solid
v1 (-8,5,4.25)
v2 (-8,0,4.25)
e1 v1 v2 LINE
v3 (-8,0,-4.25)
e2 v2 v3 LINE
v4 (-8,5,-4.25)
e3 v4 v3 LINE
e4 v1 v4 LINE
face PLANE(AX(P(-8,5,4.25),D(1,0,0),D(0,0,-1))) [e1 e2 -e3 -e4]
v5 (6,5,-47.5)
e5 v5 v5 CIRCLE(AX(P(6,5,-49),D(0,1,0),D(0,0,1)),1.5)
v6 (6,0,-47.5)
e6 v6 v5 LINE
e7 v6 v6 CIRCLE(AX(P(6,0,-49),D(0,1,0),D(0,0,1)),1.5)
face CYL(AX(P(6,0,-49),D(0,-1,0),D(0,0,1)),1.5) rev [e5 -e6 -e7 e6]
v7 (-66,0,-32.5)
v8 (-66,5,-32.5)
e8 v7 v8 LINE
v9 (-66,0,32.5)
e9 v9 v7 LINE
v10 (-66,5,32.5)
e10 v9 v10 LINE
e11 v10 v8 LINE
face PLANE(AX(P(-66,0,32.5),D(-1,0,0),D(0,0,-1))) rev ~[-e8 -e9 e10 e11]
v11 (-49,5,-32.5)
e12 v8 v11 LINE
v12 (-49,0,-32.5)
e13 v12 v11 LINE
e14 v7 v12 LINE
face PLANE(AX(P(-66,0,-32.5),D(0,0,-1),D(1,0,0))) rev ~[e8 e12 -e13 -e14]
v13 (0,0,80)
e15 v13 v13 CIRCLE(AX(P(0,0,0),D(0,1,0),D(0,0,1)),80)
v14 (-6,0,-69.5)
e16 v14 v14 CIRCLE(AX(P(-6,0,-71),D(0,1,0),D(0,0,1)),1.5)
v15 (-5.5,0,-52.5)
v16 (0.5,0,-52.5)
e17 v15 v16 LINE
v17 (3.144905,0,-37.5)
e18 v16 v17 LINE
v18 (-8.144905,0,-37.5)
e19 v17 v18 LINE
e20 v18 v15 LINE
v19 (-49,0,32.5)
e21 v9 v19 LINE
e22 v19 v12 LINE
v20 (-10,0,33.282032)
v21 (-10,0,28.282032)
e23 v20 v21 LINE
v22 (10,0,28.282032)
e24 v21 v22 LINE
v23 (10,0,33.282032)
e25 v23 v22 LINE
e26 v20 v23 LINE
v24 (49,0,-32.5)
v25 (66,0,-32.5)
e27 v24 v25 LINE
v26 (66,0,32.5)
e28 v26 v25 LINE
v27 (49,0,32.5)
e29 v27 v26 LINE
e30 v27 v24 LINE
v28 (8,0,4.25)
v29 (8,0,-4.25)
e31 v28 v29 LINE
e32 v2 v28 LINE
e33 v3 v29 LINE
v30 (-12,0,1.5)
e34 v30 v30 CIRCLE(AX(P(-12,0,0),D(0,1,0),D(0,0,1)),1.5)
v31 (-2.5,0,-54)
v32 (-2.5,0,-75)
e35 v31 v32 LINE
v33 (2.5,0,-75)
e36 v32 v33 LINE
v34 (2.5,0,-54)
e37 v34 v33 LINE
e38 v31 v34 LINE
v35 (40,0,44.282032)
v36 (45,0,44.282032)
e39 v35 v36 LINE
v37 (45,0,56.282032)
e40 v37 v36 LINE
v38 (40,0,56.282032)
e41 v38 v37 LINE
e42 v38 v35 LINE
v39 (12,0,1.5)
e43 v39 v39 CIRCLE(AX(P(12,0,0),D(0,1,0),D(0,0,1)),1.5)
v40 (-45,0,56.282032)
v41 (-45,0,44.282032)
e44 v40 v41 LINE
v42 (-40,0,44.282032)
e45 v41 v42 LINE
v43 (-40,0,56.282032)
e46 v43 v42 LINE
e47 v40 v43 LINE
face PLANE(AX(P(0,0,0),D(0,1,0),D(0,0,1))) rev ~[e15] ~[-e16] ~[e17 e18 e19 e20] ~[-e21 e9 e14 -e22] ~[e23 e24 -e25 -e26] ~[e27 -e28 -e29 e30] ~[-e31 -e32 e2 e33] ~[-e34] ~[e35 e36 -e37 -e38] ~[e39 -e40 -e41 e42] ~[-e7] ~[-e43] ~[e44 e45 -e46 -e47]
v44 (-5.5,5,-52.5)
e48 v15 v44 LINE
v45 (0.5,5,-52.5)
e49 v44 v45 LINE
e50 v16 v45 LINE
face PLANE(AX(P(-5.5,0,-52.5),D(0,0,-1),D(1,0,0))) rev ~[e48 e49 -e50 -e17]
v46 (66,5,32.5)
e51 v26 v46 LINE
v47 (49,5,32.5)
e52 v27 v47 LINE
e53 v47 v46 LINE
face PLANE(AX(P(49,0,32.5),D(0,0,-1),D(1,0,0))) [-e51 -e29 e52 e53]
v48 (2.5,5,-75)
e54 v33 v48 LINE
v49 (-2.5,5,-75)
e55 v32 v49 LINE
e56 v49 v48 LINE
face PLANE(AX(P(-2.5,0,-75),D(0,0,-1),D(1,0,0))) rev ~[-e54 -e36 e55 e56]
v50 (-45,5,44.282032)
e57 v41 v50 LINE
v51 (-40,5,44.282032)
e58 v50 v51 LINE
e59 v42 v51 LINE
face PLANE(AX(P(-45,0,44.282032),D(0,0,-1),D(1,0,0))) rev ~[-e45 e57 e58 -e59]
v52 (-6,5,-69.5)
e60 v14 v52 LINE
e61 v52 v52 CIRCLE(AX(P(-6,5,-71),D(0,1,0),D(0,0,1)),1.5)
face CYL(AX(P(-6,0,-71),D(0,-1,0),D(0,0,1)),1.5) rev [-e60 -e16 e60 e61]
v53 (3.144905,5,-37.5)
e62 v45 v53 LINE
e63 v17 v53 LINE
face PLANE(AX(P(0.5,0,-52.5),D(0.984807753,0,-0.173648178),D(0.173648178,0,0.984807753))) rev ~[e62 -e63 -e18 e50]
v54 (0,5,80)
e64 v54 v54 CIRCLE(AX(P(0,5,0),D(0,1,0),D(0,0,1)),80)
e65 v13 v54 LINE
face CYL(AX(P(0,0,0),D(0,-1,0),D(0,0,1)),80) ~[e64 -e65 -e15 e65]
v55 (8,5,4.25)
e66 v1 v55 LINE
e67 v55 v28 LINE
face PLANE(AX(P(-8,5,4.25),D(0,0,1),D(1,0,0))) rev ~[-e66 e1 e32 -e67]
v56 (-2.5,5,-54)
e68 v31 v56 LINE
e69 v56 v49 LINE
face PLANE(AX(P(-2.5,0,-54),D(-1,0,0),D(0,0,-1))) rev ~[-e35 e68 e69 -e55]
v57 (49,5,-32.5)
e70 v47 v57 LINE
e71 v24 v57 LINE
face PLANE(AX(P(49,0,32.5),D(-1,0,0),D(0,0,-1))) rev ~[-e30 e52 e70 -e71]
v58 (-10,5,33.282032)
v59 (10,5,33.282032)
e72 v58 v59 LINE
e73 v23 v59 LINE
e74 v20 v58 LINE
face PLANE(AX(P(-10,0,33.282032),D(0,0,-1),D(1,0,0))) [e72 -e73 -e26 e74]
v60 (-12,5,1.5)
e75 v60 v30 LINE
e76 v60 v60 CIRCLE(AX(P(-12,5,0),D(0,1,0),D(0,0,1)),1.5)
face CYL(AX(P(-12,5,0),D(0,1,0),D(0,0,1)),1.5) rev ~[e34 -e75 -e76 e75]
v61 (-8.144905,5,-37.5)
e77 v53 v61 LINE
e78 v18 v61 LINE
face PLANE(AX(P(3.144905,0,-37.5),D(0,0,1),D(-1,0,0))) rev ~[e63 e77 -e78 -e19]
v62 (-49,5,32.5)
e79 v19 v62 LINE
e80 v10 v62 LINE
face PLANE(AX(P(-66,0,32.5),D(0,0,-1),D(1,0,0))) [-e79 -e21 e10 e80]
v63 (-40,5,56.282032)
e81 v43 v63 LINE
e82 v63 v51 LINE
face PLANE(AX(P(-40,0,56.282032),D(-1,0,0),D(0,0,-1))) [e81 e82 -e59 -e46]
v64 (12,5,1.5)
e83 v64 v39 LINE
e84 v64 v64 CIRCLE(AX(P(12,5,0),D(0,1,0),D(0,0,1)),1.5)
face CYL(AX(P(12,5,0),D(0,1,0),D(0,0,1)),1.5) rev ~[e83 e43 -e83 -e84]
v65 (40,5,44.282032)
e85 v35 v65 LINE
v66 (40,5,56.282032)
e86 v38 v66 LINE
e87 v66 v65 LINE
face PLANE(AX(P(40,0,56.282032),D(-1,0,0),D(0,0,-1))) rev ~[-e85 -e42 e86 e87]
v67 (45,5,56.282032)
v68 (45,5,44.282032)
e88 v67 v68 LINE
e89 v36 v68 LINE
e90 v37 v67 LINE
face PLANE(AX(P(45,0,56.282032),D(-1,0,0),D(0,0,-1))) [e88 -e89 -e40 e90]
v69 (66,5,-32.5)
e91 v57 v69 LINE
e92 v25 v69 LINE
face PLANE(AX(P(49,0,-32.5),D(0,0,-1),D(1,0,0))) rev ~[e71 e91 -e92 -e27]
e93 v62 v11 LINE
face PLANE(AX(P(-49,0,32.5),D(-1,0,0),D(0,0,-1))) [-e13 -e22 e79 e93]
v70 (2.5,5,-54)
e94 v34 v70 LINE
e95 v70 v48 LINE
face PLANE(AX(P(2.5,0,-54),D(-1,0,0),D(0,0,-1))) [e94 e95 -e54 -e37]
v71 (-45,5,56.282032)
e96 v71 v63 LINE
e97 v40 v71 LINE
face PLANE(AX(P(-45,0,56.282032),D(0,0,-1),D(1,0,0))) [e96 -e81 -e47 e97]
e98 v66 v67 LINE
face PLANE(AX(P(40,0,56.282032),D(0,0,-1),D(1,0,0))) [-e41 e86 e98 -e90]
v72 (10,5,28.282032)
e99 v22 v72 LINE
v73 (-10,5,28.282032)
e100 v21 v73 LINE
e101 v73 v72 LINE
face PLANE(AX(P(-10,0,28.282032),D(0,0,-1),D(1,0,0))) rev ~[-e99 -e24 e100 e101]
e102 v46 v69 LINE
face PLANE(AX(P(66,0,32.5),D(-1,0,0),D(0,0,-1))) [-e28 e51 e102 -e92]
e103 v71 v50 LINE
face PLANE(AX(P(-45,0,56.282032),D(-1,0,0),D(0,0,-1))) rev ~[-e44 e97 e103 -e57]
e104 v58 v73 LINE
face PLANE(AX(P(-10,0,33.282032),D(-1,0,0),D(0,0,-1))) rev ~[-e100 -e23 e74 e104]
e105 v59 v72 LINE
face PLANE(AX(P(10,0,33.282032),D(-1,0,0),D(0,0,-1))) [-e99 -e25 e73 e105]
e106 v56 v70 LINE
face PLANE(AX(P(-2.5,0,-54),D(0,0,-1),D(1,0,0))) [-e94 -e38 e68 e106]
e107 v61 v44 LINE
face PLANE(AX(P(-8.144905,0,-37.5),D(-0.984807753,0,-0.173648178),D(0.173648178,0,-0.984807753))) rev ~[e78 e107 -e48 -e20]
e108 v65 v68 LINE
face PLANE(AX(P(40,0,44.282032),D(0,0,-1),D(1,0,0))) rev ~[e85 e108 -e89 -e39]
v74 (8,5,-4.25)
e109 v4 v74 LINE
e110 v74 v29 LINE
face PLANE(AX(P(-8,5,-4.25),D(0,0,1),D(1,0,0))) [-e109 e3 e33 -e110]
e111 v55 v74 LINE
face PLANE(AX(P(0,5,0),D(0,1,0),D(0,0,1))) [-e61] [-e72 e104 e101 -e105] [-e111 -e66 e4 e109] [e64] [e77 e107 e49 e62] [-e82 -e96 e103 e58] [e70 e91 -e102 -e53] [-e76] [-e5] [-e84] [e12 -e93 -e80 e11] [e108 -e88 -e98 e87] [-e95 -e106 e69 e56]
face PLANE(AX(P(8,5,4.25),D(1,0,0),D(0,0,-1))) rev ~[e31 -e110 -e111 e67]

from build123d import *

# Parameters (mm, degrees)
SKETCH1_R           = 80
SKETCH1_R_2         = 1.5
SKETCH1_W           = 17
SKETCH1_H           = 65
SKETCH1_W_2         = 5
SKETCH1_H_2         = 21
SKETCH1_H_3         = 12
SKETCH1_W_3         = 20
SKETCH1_H_4         = 5
BOSS_EXTRUDE1_DEPTH = 5
SKETCH2_R           = 1.5
SKETCH2_W           = 16
SKETCH2_H           = 8.5
SAFETY_LINK_DEPTH   = 10


with BuildPart() as part:
    # Sketch1 → Boss-Extrude1 (new body)
    with BuildSketch(Plane(origin=(0, 0, 0), x_dir=(1, 0, 0), z_dir=(0, 1, 0))):
        with Locations(Location((0, 0, 0), (0, 0, 270))):
            Circle(SKETCH1_R)
        with Locations(Location((-6, 71, 0), (0, 0, 270))):
            Circle(SKETCH1_R_2, mode=Mode.SUBTRACT)
        with Locations(Location((6, 49, 0), (0, 0, 270))):
            Circle(SKETCH1_R_2, mode=Mode.SUBTRACT)
        with Locations((-57.5, 0)):
            Rectangle(SKETCH1_W, SKETCH1_H, mode=Mode.SUBTRACT)
        with Locations((57.5, 0)):
            Rectangle(SKETCH1_W, SKETCH1_H, mode=Mode.SUBTRACT)
        with Locations((0, 64.5)):
            Rectangle(SKETCH1_W_2, SKETCH1_H_2, mode=Mode.SUBTRACT)
        Polygon((-5.5, 52.5), (0.5, 52.5), (3.144904711, 37.5), (-8.144904711, 37.5), align=None, mode=Mode.SUBTRACT)
        with Locations((42.5, -50.282032303)):
            Rectangle(SKETCH1_W_2, SKETCH1_H_3, mode=Mode.SUBTRACT)
        with Locations((-42.5, -50.282032303)):
            Rectangle(SKETCH1_W_2, SKETCH1_H_3, mode=Mode.SUBTRACT)
        with Locations((0, -30.782032303)):
            Rectangle(SKETCH1_W_3, SKETCH1_H_4, mode=Mode.SUBTRACT)
    extrude(amount=BOSS_EXTRUDE1_DEPTH)

    # Sketch2 → safety_link (cut)
    with BuildSketch(Plane(origin=(0, 5, 0), x_dir=(1, 0, 0), z_dir=(0, 1, 0))):
        with Locations(Location((-12, 0, 0), (0, 0, 270))):
            Circle(SKETCH2_R)
        with Locations(Location((12, 0, 0), (0, 0, 270))):
            Circle(SKETCH2_R)
        Rectangle(SKETCH2_W, SKETCH2_H)
    extrude(amount=-SAFETY_LINK_DEPTH, mode=Mode.SUBTRACT)


solid = part.part
